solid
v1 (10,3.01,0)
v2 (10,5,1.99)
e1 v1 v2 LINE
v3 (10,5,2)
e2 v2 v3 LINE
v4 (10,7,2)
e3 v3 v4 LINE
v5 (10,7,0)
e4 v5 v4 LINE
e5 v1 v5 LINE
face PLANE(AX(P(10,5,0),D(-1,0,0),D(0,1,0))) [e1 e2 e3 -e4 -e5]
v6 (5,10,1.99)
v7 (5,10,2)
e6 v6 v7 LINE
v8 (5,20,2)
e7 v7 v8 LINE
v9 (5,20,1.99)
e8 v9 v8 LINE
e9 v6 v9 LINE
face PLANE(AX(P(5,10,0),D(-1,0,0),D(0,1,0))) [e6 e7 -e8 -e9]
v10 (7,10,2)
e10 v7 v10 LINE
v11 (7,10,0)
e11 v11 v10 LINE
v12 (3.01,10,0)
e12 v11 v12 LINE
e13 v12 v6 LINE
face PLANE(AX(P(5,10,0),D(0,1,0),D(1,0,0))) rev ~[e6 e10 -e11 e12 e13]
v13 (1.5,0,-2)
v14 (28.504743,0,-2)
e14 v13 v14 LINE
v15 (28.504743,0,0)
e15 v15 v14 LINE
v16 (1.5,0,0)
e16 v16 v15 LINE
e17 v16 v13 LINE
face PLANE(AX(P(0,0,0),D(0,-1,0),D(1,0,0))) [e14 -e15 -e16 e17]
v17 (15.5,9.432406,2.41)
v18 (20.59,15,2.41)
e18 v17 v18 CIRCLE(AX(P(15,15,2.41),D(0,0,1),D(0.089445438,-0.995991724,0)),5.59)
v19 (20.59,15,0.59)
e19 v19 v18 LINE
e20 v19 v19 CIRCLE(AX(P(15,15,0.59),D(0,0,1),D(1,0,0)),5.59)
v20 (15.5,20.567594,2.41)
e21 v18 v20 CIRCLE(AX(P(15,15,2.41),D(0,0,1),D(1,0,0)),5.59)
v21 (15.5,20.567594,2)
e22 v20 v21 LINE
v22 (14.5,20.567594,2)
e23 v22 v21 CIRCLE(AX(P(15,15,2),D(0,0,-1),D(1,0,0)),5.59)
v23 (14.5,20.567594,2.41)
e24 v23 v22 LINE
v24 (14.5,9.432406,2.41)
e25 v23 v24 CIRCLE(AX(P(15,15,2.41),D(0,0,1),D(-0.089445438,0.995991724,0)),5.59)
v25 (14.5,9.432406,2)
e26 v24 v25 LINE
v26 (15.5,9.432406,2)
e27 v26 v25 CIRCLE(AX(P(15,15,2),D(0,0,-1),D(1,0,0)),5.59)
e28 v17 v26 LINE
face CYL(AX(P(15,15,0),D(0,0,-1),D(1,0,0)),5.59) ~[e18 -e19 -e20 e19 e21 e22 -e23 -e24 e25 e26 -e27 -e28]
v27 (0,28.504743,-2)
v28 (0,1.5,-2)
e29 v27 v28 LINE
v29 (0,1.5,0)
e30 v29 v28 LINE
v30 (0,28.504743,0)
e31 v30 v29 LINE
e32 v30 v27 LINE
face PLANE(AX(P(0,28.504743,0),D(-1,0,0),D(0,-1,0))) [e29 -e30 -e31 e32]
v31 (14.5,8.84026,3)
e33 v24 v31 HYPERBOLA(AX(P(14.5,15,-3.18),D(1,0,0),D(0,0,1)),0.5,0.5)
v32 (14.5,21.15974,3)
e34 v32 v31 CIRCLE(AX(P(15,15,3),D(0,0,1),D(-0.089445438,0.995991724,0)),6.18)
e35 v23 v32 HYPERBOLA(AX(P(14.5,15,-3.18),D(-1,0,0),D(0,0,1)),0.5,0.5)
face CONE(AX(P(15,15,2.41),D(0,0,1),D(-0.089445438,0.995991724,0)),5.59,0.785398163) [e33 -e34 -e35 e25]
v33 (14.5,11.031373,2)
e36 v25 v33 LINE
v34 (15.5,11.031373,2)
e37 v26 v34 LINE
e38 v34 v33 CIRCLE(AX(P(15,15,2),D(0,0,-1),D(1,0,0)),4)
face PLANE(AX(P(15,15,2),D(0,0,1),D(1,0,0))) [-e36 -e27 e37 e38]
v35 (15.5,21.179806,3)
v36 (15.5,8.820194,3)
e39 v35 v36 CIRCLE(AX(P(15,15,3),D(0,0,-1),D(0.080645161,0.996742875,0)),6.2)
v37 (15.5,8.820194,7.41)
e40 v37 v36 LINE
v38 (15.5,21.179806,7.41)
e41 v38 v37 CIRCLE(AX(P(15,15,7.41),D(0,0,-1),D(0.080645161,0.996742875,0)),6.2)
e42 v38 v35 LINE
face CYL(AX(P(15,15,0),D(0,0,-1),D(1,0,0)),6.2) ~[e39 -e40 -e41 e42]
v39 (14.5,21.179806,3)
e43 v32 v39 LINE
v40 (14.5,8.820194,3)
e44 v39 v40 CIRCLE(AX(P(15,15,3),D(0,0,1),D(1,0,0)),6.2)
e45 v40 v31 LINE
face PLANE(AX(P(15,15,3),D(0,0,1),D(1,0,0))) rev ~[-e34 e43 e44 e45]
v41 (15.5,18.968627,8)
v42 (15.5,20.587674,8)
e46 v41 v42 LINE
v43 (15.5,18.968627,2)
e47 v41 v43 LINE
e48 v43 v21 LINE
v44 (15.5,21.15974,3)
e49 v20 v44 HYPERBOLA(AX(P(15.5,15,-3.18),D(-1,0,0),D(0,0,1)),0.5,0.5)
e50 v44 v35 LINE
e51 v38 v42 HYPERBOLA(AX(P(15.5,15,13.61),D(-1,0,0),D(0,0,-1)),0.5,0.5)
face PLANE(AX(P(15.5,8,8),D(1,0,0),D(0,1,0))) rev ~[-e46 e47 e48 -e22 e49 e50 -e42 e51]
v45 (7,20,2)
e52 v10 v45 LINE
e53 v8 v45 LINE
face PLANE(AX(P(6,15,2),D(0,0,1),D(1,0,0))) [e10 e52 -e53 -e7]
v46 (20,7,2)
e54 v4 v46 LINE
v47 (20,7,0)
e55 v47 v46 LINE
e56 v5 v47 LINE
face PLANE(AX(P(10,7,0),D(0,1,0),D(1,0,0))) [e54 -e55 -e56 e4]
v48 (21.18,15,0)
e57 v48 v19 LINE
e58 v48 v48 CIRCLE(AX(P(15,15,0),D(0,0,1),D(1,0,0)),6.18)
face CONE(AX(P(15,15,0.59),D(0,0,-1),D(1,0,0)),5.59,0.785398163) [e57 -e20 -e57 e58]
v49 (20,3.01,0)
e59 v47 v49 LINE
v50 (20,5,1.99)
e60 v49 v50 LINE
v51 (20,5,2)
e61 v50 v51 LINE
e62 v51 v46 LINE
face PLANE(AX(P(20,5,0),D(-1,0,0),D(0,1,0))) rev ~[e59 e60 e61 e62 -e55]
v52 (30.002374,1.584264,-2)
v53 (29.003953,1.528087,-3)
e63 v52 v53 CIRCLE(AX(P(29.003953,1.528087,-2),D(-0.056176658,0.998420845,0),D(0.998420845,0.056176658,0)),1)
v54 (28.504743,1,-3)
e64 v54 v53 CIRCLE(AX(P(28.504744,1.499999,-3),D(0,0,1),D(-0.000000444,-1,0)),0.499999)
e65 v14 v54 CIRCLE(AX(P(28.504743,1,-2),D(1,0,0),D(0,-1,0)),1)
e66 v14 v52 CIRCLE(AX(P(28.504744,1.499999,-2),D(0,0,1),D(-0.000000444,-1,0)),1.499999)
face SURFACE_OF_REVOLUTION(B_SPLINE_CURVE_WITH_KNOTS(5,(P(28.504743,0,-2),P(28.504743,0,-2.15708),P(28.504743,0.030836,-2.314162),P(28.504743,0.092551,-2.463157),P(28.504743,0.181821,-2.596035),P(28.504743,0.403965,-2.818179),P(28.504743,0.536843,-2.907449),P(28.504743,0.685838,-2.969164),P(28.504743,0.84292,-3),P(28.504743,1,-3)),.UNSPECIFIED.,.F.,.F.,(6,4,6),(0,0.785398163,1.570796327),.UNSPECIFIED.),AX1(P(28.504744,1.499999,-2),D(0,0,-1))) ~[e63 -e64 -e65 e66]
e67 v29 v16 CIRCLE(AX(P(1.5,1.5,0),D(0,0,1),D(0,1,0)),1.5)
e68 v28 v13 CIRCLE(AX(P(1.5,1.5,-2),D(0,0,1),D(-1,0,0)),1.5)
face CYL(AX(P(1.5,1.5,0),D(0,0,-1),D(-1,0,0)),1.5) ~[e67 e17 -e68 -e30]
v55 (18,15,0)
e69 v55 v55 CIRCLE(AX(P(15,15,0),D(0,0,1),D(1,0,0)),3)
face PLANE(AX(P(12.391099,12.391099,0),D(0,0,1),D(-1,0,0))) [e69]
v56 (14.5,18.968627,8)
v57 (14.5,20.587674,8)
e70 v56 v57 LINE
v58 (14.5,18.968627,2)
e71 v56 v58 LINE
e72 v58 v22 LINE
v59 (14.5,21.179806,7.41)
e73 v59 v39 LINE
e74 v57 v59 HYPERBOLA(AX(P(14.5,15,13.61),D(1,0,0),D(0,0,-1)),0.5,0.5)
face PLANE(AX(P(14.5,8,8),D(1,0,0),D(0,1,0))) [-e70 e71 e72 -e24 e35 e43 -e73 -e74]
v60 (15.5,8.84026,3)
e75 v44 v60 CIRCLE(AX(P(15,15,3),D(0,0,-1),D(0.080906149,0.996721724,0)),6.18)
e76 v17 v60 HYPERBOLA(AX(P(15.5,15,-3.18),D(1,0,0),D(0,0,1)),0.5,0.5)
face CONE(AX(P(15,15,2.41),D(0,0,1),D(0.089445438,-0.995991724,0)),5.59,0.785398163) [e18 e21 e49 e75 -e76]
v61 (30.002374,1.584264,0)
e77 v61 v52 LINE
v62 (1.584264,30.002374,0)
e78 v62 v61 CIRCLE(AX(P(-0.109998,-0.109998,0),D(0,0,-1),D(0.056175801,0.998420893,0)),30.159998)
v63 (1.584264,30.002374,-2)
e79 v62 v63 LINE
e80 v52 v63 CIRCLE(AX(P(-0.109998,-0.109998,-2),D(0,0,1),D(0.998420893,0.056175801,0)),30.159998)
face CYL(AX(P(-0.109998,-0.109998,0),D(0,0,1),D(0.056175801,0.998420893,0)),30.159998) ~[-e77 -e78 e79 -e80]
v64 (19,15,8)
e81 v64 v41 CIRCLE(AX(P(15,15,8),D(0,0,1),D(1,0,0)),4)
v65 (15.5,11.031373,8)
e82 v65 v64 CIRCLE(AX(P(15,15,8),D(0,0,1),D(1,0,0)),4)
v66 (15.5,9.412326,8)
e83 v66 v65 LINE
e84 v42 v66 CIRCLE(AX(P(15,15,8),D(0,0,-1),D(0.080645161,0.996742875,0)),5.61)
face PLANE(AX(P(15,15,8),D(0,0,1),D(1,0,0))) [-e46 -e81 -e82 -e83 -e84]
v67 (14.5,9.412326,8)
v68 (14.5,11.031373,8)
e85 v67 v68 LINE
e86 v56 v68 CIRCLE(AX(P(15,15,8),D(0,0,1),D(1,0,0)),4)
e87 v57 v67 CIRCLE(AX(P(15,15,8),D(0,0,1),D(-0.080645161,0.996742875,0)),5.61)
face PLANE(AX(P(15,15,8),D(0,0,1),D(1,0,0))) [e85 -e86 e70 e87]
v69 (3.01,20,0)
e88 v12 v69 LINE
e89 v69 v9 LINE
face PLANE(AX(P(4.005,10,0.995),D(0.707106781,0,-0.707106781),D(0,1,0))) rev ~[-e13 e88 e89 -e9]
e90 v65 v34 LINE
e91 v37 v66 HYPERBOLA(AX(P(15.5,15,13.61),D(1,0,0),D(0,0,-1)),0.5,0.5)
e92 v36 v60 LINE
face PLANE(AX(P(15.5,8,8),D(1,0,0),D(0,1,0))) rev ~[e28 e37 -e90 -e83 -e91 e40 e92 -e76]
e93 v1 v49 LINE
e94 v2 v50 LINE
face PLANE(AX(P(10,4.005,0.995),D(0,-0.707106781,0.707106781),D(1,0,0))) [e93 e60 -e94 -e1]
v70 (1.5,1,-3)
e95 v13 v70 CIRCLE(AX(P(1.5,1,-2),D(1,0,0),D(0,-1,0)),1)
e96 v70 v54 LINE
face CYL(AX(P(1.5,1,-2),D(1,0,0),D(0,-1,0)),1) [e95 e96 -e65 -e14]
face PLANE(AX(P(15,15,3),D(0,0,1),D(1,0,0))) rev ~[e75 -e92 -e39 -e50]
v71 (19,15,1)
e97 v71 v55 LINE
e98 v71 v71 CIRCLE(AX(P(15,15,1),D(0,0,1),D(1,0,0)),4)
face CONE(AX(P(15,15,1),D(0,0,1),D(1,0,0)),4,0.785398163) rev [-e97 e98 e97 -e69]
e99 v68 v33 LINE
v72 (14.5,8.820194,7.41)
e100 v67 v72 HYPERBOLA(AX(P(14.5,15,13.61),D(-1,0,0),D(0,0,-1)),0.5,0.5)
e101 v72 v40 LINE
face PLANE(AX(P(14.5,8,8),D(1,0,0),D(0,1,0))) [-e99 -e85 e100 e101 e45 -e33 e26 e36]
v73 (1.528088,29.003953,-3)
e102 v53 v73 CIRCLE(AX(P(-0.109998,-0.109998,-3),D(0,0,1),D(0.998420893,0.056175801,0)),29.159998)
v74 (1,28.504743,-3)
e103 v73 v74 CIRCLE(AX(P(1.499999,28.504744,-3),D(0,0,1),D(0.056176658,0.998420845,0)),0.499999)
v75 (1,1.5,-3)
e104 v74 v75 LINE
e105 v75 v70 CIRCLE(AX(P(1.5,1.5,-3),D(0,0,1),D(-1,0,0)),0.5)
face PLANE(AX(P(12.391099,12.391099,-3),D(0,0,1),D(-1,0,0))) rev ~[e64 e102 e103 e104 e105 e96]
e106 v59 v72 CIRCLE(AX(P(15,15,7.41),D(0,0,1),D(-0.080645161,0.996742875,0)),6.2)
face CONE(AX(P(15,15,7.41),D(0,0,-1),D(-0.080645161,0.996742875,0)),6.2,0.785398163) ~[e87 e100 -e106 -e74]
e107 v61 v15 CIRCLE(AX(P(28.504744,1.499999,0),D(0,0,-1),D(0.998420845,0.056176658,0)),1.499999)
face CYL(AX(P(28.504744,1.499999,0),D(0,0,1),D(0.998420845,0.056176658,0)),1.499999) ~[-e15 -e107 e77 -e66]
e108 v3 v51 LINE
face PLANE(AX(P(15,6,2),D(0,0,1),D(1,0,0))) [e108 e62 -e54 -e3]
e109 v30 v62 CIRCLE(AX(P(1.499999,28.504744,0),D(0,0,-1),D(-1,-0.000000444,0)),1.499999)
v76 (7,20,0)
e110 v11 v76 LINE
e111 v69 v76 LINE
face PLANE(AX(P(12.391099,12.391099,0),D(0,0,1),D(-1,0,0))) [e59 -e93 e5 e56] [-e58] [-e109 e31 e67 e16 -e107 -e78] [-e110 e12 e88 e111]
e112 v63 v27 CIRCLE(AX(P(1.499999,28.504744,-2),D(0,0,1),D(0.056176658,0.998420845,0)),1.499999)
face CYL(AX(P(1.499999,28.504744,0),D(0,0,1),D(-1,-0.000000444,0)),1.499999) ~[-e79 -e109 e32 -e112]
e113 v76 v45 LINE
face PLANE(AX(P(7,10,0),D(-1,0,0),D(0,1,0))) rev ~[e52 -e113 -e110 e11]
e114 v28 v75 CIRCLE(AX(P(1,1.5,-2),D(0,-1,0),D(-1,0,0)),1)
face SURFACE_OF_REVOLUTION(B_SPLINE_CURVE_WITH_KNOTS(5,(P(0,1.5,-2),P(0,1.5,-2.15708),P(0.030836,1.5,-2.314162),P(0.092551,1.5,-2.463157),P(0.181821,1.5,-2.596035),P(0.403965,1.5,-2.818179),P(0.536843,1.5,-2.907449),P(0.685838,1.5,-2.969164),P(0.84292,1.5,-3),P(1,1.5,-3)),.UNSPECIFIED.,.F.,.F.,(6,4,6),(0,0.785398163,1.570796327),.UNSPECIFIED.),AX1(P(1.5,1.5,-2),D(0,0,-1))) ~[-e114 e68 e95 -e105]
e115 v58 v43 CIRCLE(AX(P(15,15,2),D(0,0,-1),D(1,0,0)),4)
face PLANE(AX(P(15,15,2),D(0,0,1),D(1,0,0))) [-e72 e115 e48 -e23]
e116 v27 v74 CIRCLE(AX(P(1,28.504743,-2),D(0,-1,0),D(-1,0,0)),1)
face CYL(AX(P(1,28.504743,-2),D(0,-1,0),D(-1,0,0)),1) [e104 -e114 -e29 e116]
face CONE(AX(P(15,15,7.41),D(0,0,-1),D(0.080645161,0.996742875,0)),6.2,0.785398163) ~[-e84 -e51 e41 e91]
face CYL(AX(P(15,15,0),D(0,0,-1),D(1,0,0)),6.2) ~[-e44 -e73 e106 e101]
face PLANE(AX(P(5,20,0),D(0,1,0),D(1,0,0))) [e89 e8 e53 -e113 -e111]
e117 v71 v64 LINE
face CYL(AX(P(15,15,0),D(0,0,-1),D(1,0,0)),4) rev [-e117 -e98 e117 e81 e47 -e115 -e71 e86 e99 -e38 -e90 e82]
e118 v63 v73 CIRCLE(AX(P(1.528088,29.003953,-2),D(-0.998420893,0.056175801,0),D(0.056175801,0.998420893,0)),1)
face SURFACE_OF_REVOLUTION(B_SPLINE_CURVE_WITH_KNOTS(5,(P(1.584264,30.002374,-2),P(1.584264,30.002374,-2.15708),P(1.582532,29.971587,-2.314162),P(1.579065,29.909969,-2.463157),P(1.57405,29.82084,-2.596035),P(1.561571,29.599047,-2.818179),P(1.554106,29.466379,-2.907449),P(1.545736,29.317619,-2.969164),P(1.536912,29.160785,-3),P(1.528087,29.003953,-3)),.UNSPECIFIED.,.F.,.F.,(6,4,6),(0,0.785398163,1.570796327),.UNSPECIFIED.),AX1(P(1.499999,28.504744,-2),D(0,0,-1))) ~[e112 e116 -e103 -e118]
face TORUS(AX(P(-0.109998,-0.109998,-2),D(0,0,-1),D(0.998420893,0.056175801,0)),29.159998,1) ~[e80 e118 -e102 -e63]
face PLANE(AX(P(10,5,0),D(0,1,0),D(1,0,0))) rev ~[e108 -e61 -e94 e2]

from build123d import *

# Parameters (mm, degrees)
SKETCH_R        = 6.2
SKETCH_R_2      = 4
PAD_DEPTH       = 8
PAD001_DEPTH    = 3
FILLET_R        = 1.5
FILLET001_R     = 1
SKETCH002_W     = 2
SKETCH002_H     = 10
SKETCH002_W_2   = 10
SKETCH002_H_2   = 2
PAD002_DEPTH    = 2
CHAMFER_SIZE    = 1.99
SKETCH003_R     = 6.2
SKETCH003_R_2   = 5.59
POCKET_DEPTH    = 3
SKETCH004_W     = 1
SKETCH004_H     = 14
POCKET001_DEPTH = 6
CHAMFER001_SIZE = 0.59
CHAMFER004_SIZE = 1


with BuildPart() as part:
    # Sketch → Pad (new body)
    with BuildSketch(Plane.XY):
        with Locations((15, 15)):
            Circle(SKETCH_R)
        with Locations((15, 15)):
            Circle(SKETCH_R_2, mode=Mode.SUBTRACT)
    extrude(amount=PAD_DEPTH)

    # Sketch001 (on Face3 of Pad) → Pad001 (join)
    with BuildSketch(Plane(origin=(0, 0, 0), x_dir=(1, 0, 0), z_dir=(0, 0, -1))):
        with BuildLine():
            Line((0, -28.504743), (0, 0))
            Line((0, 0), (28.504743, 0))
            ThreePointArc((30.002374, -1.584264), (29.594788, -0.469562), (28.504743, 0))
            ThreePointArc((1.584264, -30.002374), (21.216341, -21.216341), (30.002374, -1.584264))
            ThreePointArc((0, -28.504743), (0.469562, -29.594788), (1.584264, -30.002374))
        make_face()
    extrude(amount=PAD001_DEPTH)

    # Fillet
    fillet_edges = [part.edges().sort_by_distance(p)[0] for p in [
        (0, 0, -1.5),
    ]]
    fillet(fillet_edges, radius=FILLET_R)

    # Fillet001
    fillet001_edges = [part.edges().sort_by_distance(p)[0] for p in [
        (0, 15.002371, -3),
        (0.43934, 0.43934, -3),
        (0.469562, 29.594788, -3),
        (15.002371, 0, -3),
        (21.216341, 21.216341, -3),
        (29.594788, 0.469562, -3),
    ]]
    fillet(fillet001_edges, radius=FILLET001_R)

    # Sketch002 (on Face4 of Fillet001) → Pad002 (join)
    with BuildSketch(Plane.XY):
        with Locations((6, 15)):
            Rectangle(SKETCH002_W, SKETCH002_H)
        with Locations((15, 6)):
            Rectangle(SKETCH002_W_2, SKETCH002_H_2)
    extrude(amount=PAD002_DEPTH)

    # Chamfer
    chamfer_edges = [part.edges().sort_by_distance(p)[0] for p in [
        (15, 5, 0),
        (5, 15, 0),
    ]]
    chamfer(chamfer_edges, length=CHAMFER_SIZE)

    # Sketch003 → Pocket (cut)
    with BuildSketch(Plane.XY):
        with Locations((15, 15)):
            Circle(SKETCH003_R)
        with Locations((15, 15)):
            Circle(SKETCH003_R_2, mode=Mode.SUBTRACT)
    extrude(amount=POCKET_DEPTH, mode=Mode.SUBTRACT)

    # Sketch004 (on Face32 of Pocket) → Pocket001 (cut)
    with BuildSketch(Plane.XY.offset(8)):
        with Locations((15, 15)):
            Rectangle(SKETCH004_W, SKETCH004_H)
    extrude(amount=-POCKET001_DEPTH, mode=Mode.SUBTRACT)

    # Chamfer001
    chamfer001_edges = [part.edges().sort_by_distance(p)[0] for p in [
        (19.557412, 19.20357, 8),
        (19.125718, 18.77181, 3),
        (9.41, 15, 3),
        (9.41, 15, 0),
        (8.8, 15, 8),
    ]]
    chamfer(chamfer001_edges, length=CHAMFER001_SIZE)

    # Chamfer004
    chamfer004_edges = [part.edges().sort_by_distance(p)[0] for p in [
        (11, 15, 0),
    ]]
    chamfer(chamfer004_edges, length=CHAMFER004_SIZE)


solid = part.part
